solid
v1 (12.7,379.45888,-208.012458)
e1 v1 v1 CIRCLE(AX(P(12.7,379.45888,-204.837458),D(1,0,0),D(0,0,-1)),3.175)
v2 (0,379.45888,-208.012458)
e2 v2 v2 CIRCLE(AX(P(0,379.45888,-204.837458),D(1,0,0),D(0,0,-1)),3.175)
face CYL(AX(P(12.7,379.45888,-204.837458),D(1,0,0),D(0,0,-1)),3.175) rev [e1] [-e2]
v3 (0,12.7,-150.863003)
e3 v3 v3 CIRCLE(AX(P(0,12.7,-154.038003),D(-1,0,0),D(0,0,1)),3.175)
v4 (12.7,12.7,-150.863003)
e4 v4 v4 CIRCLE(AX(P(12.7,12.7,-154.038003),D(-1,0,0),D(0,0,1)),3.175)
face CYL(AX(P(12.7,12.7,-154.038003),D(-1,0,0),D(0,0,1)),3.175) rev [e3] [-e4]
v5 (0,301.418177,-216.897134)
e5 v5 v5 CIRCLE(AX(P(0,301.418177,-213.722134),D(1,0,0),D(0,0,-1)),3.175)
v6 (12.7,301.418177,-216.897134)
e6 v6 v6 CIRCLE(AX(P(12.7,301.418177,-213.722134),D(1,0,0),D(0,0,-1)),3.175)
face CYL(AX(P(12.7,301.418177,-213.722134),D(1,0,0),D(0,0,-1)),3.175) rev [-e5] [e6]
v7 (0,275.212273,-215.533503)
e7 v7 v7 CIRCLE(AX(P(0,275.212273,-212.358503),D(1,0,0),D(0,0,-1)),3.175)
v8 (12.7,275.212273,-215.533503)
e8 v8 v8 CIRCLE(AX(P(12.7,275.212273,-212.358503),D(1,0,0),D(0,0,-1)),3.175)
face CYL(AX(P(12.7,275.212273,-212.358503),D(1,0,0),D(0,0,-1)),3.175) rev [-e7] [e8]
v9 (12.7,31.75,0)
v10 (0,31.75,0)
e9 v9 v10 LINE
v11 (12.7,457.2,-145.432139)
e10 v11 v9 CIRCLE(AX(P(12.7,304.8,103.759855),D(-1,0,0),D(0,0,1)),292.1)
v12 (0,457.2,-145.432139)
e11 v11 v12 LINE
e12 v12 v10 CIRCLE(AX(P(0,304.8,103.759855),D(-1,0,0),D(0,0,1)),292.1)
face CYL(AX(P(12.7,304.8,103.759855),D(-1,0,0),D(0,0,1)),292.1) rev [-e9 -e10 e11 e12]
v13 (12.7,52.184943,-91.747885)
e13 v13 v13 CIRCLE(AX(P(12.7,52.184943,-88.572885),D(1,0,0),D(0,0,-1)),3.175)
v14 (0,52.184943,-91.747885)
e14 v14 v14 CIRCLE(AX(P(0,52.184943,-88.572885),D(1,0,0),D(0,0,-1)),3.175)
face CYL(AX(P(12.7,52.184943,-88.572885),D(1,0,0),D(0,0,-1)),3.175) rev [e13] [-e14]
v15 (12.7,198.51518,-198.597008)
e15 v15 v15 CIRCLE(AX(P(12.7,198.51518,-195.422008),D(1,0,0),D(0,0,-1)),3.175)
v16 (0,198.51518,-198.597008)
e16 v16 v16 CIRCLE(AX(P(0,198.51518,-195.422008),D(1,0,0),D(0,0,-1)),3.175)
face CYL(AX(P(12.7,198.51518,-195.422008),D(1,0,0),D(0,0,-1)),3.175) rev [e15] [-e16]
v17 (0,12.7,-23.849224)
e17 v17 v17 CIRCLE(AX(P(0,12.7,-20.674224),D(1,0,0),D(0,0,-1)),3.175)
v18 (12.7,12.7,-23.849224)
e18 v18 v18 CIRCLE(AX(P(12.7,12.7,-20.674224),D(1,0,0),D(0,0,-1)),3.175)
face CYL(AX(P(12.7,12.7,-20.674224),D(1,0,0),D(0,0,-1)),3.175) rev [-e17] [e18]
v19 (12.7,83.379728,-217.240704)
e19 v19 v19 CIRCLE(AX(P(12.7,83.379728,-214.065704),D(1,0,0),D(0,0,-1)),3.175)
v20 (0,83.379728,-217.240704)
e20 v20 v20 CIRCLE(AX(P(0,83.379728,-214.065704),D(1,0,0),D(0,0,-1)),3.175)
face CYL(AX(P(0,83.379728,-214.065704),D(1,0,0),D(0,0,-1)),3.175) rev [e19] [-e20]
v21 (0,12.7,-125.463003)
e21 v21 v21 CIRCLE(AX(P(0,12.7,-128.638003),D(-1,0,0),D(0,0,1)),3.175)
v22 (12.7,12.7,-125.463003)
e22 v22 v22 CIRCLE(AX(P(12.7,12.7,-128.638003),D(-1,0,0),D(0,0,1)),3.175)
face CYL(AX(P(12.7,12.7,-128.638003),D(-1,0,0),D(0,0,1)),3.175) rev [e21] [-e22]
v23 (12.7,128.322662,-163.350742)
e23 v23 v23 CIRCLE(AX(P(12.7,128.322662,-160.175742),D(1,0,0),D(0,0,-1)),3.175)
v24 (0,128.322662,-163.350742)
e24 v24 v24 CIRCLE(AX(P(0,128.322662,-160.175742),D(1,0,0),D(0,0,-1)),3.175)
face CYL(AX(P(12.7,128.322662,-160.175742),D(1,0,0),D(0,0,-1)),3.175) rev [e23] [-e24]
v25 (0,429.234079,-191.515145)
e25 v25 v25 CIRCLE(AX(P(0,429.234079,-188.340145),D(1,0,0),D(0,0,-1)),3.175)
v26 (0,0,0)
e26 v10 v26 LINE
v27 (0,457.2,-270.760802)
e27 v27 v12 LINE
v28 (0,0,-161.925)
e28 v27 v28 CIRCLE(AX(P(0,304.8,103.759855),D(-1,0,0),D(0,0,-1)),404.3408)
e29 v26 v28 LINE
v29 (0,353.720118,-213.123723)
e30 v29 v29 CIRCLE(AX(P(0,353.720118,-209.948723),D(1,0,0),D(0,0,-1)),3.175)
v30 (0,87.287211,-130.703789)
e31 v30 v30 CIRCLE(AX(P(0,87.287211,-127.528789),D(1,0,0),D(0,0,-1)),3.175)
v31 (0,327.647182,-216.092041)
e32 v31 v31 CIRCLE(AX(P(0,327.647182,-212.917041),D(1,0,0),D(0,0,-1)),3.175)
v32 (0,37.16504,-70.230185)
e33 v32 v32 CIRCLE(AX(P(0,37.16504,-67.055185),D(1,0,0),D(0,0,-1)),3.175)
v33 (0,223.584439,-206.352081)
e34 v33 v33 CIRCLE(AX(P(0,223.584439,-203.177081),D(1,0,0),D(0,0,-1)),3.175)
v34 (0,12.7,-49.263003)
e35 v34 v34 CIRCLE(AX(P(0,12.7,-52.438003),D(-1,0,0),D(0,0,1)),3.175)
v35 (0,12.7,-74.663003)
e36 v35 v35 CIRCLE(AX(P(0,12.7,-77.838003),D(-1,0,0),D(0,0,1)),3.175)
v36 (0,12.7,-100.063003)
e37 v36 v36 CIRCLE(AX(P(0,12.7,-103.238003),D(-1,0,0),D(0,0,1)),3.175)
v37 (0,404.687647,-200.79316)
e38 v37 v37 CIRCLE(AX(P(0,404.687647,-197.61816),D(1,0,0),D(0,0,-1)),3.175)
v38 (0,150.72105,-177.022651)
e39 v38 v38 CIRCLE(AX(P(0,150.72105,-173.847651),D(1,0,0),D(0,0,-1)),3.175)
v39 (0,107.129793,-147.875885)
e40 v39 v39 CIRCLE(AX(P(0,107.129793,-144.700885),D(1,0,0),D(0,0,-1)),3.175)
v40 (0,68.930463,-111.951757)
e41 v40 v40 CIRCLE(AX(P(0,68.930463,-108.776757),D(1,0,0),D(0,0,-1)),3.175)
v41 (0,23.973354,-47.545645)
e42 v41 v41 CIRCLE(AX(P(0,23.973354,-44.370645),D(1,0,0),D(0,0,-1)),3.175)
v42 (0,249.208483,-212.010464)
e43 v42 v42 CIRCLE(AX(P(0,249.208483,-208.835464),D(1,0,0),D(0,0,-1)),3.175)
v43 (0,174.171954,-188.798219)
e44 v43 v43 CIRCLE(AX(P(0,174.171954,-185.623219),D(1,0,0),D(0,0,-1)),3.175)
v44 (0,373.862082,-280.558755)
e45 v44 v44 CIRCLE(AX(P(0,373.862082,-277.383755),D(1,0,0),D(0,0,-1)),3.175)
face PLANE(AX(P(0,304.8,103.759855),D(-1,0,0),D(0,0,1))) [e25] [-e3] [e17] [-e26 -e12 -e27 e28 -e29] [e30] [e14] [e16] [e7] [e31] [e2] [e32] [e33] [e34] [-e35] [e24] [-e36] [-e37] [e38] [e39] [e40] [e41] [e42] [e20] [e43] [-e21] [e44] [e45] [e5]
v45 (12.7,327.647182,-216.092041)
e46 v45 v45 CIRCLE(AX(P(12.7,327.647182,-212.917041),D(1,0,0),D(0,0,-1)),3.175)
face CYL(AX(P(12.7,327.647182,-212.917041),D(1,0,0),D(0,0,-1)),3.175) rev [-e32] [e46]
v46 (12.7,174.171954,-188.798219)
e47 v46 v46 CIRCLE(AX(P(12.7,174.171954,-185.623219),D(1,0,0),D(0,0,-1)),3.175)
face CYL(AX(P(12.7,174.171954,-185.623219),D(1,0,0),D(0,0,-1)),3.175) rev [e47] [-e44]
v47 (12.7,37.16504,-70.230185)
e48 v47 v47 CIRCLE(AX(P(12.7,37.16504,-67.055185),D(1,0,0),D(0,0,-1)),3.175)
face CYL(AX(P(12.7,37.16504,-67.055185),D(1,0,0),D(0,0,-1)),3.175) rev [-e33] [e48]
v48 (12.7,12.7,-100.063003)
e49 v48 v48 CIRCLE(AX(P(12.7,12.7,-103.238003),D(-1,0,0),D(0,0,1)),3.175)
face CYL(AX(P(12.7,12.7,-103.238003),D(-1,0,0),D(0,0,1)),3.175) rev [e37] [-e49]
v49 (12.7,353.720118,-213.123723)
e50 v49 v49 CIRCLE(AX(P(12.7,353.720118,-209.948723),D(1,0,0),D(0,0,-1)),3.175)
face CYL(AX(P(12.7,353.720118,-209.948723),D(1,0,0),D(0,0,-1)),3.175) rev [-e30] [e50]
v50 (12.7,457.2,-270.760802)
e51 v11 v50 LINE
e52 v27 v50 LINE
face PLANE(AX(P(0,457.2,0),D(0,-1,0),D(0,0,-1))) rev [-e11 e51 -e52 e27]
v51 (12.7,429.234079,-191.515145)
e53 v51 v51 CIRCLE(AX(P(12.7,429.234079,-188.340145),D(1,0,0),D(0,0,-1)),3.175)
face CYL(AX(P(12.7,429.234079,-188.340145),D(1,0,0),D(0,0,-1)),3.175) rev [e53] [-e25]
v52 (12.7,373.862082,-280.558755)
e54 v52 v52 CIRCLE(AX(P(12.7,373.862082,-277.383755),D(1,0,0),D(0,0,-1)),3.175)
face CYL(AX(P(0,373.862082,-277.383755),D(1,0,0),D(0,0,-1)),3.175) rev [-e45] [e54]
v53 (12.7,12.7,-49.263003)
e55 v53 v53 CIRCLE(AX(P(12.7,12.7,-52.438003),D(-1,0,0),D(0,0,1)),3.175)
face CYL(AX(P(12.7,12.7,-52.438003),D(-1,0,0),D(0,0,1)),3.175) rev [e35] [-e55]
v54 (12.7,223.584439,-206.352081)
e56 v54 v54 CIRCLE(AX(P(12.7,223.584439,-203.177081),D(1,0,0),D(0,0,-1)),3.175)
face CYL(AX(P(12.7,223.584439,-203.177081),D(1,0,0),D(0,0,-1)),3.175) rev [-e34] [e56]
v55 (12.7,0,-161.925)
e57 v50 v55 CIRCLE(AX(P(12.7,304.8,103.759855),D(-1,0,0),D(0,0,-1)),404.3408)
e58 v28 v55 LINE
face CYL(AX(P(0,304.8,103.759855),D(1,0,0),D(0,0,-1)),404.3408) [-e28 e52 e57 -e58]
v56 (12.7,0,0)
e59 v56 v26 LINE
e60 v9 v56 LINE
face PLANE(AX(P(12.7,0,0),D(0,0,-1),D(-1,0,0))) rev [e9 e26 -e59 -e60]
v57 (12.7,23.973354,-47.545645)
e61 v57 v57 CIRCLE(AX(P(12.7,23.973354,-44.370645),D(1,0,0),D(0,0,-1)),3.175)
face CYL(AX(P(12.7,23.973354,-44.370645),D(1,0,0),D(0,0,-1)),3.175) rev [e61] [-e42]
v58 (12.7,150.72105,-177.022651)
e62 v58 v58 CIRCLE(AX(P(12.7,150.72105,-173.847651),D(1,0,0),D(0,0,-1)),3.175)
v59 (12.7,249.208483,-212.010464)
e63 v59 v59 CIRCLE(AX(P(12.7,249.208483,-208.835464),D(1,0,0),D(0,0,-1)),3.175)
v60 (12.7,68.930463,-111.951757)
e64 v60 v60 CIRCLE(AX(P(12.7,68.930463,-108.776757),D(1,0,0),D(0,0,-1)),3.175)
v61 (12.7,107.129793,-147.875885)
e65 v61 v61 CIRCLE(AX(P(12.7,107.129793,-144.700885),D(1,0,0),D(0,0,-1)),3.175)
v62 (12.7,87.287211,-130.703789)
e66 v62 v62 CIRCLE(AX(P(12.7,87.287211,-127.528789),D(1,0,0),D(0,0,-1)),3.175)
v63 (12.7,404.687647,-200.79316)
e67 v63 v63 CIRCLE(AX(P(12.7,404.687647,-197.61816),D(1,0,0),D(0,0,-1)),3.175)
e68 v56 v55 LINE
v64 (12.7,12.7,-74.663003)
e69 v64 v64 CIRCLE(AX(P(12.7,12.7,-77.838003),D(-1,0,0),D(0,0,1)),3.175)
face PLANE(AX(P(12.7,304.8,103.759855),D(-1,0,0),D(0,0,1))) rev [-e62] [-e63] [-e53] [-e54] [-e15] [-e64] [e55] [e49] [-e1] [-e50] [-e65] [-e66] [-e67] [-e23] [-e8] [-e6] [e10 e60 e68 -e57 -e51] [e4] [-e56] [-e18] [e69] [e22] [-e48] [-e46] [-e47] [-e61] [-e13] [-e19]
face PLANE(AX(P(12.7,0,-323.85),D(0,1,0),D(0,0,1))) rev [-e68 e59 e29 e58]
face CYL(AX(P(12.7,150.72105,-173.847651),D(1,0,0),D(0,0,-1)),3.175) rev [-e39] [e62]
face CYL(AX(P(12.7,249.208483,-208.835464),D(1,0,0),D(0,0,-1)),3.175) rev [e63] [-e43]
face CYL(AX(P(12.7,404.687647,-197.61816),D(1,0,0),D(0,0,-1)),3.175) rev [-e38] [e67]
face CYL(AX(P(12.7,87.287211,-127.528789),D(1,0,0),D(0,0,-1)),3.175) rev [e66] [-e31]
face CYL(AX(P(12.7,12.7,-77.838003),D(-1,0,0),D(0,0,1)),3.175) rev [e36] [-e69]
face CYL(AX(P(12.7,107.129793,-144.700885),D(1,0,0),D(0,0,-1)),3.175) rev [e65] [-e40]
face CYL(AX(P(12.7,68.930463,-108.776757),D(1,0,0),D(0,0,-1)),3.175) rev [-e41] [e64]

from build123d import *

# Parameters (mm, degrees)
BOSS_EXTRUDE1_DEPTH         = 12.7
SKETCH2_W                   = 323.85
SKETCH2_H                   = 152.4
CUT_EXTRUDE1_DEPTH          = 12.7
F_1_4_0_25_DIAMETER_HOLE1_D = 6.35
CUT_EXTRUDE2_DEPTH          = 13.7
SKETCH9_R                   = 3.175
CUT_EXTRUDE3_DEPTH          = 13.7
SKETCH10_R                  = 3.175
CUT_EXTRUDE4_DEPTH          = 13.7
LPATTERN1_COUNT             = 5
LPATTERN1_PITCH             = 25.4


with BuildPart() as part:
    # Sketch1 → Boss-Extrude1 (new body)
    with BuildSketch(Plane(origin=(0, 0, 0), x_dir=(0, 0, -1), z_dir=(1, 0, 0))):
        with BuildLine():
            Line((0, 609.6), (323.85, 609.6))
            Line((323.85, 609.6), (323.85, 0))
            Line((323.85, 0), (0, 0))
            Line((0, 0), (0, 31.75))
            ThreePointArc((0, 31.75), (188.340145046, 304.8), (0, 577.85))
            Line((0, 577.85), (0, 609.6))
        make_face()
    extrude(amount=BOSS_EXTRUDE1_DEPTH)

    # Sketch2 → Cut-Extrude1 (cut)
    with BuildSketch(Plane(origin=(12.7, 0, 0), x_dir=(0, 0, -1), z_dir=(1, 0, 0))):
        with Locations((161.925, 533.4)):
            Rectangle(SKETCH2_W, SKETCH2_H)
    extrude(amount=-CUT_EXTRUDE1_DEPTH, mode=Mode.SUBTRACT)

    # 1/4 (0.25) Diameter Hole1 (through all)
    with Locations(Plane(origin=(12.7, 0, 0), x_dir=(0, 0, -1), z_dir=(1, 0, 0))):
        with Locations((20.67422398, 12.7), (44.370645325, 23.973354386), (67.055185152, 37.165039515), (88.57288505, 52.184942803), (108.776757311, 68.93046308), (127.528789002, 87.287211463), (144.70088473, 107.129792746), (160.17574167, 128.32266198), (173.847650859, 150.721050378), (185.623219292, 174.171954236), (195.422007898, 198.515180102), (203.177081014, 223.584439059), (208.835463627, 249.208482649), (212.358503247, 275.212272671), (213.722133941, 301.418176873), (212.917040728, 327.647182356), (209.948723211, 353.720118416), (204.837458009, 379.458880463), (197.618160246, 404.687646654), (188.340145046, 429.234078933)):
            Hole(F_1_4_0_25_DIAMETER_HOLE1_D / 2)

    # Sketch8 → Cut-Extrude2 (cut, through all)
    with BuildSketch(Plane(origin=(12.7, 0, 0), x_dir=(0, 0, -1), z_dir=(1, 0, 0))):
        with BuildLine():
            Line((270.760801555, 457.2), (323.85, 457.2))
            Line((323.85, 457.2), (323.85, 0))
            Line((323.85, 0), (161.925, 0))
            ThreePointArc((161.925, 0), (289.589524386, 211.163746738), (270.760801555, 457.2))
        make_face()
    extrude(amount=-CUT_EXTRUDE2_DEPTH, mode=Mode.SUBTRACT)

    # Sketch9 → Cut-Extrude3 (cut, through all)
    with BuildSketch(Plane(origin=(12.7, 0, 0), x_dir=(0, 0, -1), z_dir=(1, 0, 0))):
        with Locations((214.065703753, 83.37972827)):
            Circle(SKETCH9_R)
        with Locations((277.383754924, 373.862081852)):
            Circle(SKETCH9_R)
    extrude(amount=-CUT_EXTRUDE3_DEPTH, mode=Mode.SUBTRACT)

    # Sketch10 → Cut-Extrude4 (cut, through all)
    with BuildSketch(Plane.ZY):
        with Locations((-154.03800305, 12.7)):
            Circle(SKETCH10_R)
    cut_extrude4 = extrude(amount=-CUT_EXTRUDE4_DEPTH, mode=Mode.SUBTRACT)

    # LPattern1: Cut-Extrude4 ×5
    with Locations(*[(0, 0, i * LPATTERN1_PITCH) for i in range(1, LPATTERN1_COUNT)]):
        add(cut_extrude4, mode=Mode.SUBTRACT)


solid = part.part
